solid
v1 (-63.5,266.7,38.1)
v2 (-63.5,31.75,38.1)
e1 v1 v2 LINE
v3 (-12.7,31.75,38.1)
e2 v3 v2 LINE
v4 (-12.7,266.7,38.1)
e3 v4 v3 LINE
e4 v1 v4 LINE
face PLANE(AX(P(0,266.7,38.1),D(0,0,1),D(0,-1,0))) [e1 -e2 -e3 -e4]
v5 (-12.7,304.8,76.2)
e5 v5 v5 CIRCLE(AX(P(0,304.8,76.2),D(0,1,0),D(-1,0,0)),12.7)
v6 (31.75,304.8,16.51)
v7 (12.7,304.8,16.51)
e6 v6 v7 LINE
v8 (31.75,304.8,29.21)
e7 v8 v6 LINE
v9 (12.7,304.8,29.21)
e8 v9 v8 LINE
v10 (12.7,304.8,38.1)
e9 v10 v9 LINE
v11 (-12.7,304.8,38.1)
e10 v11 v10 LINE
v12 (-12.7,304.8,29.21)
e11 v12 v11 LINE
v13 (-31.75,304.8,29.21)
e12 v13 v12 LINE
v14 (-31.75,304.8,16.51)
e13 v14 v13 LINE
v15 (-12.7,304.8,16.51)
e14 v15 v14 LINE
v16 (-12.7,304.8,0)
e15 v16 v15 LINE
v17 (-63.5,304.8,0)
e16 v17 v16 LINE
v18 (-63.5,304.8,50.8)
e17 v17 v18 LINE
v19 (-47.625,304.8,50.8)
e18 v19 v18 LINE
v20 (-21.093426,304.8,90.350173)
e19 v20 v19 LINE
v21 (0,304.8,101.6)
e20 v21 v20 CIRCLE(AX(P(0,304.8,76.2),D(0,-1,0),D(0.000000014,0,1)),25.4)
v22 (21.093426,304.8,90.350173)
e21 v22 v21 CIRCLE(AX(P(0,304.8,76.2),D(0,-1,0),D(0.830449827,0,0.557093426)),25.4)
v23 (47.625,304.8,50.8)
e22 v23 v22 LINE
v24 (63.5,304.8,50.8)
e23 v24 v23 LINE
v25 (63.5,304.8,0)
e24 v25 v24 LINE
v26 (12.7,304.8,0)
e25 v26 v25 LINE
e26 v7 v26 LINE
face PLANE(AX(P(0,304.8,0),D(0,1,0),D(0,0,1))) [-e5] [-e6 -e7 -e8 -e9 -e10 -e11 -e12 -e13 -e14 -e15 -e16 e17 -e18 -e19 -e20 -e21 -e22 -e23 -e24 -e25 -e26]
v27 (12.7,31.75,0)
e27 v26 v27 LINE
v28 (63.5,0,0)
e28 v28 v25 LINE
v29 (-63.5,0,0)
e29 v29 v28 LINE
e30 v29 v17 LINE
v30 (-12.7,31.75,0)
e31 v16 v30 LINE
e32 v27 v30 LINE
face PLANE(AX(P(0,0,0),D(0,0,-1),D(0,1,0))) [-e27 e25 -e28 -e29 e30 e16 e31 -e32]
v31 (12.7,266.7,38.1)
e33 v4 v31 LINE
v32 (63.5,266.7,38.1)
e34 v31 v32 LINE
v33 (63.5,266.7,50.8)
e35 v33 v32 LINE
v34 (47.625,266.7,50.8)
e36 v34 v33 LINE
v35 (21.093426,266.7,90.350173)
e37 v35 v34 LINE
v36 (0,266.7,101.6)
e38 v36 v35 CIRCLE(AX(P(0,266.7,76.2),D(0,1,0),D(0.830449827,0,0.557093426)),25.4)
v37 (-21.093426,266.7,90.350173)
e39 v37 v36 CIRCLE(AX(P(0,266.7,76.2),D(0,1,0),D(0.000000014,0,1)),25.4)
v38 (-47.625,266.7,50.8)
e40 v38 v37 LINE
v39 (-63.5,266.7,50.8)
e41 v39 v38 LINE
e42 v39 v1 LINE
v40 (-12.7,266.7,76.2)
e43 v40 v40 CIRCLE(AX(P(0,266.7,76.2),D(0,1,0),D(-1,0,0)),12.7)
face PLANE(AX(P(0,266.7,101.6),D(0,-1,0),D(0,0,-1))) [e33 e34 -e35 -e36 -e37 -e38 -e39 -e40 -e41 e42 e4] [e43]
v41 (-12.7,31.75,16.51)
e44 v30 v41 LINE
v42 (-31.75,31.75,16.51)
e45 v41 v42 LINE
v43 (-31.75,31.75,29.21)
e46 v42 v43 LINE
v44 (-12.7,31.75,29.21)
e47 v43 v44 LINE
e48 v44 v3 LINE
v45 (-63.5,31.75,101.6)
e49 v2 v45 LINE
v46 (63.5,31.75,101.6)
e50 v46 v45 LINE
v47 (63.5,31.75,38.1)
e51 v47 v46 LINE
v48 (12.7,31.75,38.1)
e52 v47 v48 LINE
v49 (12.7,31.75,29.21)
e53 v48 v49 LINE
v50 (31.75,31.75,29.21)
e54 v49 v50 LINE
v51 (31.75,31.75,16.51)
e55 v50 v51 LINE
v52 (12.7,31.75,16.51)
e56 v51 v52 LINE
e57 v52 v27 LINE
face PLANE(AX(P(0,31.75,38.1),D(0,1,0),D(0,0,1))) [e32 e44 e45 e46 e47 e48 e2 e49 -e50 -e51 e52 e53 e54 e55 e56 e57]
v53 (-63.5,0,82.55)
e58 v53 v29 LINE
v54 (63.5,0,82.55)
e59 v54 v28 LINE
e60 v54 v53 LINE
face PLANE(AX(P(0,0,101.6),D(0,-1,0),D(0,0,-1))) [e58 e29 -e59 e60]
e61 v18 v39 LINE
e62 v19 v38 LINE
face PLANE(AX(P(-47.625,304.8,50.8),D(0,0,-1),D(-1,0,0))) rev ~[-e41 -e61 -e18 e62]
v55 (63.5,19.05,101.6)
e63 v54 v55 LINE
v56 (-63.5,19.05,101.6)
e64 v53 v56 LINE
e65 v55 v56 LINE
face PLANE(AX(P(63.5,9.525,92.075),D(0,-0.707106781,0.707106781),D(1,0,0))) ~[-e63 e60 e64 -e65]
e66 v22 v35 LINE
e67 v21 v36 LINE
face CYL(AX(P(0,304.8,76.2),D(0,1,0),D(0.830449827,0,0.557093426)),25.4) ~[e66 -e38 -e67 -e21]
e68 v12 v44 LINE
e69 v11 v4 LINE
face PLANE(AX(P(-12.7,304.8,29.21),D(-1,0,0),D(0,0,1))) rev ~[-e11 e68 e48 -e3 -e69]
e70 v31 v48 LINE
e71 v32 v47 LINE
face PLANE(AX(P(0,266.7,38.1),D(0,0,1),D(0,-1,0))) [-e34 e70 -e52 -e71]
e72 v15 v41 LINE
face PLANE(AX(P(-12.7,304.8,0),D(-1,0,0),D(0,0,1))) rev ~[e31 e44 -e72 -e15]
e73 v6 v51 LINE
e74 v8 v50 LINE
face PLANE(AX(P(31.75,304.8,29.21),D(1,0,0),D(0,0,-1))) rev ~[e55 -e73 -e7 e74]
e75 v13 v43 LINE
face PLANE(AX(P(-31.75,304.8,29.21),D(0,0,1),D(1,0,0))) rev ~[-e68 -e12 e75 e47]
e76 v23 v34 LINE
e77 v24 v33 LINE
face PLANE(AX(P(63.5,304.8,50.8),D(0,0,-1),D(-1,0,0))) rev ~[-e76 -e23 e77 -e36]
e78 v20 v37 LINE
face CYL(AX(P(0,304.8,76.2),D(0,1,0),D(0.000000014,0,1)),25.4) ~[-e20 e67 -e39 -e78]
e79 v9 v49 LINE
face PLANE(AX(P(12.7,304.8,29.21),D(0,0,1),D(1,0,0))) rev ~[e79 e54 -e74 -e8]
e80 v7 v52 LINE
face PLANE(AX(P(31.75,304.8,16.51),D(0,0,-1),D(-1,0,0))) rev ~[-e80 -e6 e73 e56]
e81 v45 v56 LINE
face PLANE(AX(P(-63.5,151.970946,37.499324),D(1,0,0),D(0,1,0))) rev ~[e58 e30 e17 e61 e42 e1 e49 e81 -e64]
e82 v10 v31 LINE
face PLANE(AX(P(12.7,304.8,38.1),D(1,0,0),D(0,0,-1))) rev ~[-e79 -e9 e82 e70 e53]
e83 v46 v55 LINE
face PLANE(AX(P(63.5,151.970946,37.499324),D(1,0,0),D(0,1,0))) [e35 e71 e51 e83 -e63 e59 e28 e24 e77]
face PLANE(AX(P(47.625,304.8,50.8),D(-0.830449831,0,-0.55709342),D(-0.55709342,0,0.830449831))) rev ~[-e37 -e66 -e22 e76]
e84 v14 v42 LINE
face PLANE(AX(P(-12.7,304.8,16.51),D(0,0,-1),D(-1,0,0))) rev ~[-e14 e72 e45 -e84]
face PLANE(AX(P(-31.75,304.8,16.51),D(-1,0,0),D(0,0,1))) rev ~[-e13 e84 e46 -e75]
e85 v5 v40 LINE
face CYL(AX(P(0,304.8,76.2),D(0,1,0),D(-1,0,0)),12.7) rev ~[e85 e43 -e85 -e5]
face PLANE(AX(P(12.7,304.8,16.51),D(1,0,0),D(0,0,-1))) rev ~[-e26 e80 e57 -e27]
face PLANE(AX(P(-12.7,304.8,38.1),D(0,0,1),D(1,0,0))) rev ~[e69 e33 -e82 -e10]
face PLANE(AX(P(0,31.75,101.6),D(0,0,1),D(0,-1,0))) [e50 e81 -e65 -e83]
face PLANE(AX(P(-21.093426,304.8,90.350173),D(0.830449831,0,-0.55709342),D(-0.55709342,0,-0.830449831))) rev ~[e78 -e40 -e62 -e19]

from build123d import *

# Parameters (mm, degrees)
F1_DEPTH = 63.5
F2_R     = 12.7
F3_DEPTH = 50.8
F4_DEPTH = 273.05
F5_SIZE2 = 19.05
F5_SIZE  = 19.05


with BuildPart() as f1:
    # F0 (on Right) → F1 (new body, symmetric)
    with BuildSketch(Plane.YZ):
        Polygon((0, 101.6), (0, 0), (304.8, 0), (304.8, 101.6), (266.7, 101.6), (266.7, 38.1), (31.75, 38.1), (31.75, 101.6), align=None)
    extrude(amount=F1_DEPTH, both=True)

    # F2 (on face) → F3 (cut)
    with BuildSketch(Plane(origin=(0, 304.8, 0), x_dir=(-1, 0, 0), z_dir=(0, 1, 0))):
        with BuildLine():
            Line((-63.5, 101.6), (-63.5, 50.8))
            Line((-63.5, 50.8), (-47.625, 50.8))
            Line((-47.625, 50.8), (-21.093426, 90.350173))
            ThreePointArc((-21.093426, 90.350173), (-11.952941, 98.611765), (0, 101.6))
            Line((0, 101.6), (-63.5, 101.6))
        make_face()
        with BuildLine():
            Line((63.5, 101.6), (0, 101.6))
            ThreePointArc((0, 101.6), (11.952941, 98.611765), (21.093426, 90.350173))
            Line((21.093426, 90.350173), (47.625, 50.8))
            Line((47.625, 50.8), (63.5, 50.8))
            Line((63.5, 50.8), (63.5, 101.6))
        make_face()
        with Locations((0, 76.2)):
            Circle(F2_R)
    extrude(amount=-F3_DEPTH, mode=Mode.SUBTRACT)

    # F2 (on face) → F4 (cut, through all)
    with BuildSketch(Plane(origin=(0, 304.8, 0), x_dir=(-1, 0, 0), z_dir=(0, 1, 0))):
        Polygon((-12.7, 16.51), (-12.7, 0), (12.7, 0), (12.7, 16.51), (31.75, 16.51), (31.75, 29.21), (12.7, 29.21), (12.7, 38.1), (-12.7, 38.1), (-12.7, 29.21), (-31.75, 29.21), (-31.75, 16.51), align=None)
    extrude(amount=-F4_DEPTH, mode=Mode.SUBTRACT)

    # F5
    f5_edges = [f1.edges().sort_by_distance(p)[0] for p in [
        (0, 0, 101.6),
    ]]
    chamfer(f5_edges, length=F5_SIZE, length2=F5_SIZE2)


solid = f1.part
